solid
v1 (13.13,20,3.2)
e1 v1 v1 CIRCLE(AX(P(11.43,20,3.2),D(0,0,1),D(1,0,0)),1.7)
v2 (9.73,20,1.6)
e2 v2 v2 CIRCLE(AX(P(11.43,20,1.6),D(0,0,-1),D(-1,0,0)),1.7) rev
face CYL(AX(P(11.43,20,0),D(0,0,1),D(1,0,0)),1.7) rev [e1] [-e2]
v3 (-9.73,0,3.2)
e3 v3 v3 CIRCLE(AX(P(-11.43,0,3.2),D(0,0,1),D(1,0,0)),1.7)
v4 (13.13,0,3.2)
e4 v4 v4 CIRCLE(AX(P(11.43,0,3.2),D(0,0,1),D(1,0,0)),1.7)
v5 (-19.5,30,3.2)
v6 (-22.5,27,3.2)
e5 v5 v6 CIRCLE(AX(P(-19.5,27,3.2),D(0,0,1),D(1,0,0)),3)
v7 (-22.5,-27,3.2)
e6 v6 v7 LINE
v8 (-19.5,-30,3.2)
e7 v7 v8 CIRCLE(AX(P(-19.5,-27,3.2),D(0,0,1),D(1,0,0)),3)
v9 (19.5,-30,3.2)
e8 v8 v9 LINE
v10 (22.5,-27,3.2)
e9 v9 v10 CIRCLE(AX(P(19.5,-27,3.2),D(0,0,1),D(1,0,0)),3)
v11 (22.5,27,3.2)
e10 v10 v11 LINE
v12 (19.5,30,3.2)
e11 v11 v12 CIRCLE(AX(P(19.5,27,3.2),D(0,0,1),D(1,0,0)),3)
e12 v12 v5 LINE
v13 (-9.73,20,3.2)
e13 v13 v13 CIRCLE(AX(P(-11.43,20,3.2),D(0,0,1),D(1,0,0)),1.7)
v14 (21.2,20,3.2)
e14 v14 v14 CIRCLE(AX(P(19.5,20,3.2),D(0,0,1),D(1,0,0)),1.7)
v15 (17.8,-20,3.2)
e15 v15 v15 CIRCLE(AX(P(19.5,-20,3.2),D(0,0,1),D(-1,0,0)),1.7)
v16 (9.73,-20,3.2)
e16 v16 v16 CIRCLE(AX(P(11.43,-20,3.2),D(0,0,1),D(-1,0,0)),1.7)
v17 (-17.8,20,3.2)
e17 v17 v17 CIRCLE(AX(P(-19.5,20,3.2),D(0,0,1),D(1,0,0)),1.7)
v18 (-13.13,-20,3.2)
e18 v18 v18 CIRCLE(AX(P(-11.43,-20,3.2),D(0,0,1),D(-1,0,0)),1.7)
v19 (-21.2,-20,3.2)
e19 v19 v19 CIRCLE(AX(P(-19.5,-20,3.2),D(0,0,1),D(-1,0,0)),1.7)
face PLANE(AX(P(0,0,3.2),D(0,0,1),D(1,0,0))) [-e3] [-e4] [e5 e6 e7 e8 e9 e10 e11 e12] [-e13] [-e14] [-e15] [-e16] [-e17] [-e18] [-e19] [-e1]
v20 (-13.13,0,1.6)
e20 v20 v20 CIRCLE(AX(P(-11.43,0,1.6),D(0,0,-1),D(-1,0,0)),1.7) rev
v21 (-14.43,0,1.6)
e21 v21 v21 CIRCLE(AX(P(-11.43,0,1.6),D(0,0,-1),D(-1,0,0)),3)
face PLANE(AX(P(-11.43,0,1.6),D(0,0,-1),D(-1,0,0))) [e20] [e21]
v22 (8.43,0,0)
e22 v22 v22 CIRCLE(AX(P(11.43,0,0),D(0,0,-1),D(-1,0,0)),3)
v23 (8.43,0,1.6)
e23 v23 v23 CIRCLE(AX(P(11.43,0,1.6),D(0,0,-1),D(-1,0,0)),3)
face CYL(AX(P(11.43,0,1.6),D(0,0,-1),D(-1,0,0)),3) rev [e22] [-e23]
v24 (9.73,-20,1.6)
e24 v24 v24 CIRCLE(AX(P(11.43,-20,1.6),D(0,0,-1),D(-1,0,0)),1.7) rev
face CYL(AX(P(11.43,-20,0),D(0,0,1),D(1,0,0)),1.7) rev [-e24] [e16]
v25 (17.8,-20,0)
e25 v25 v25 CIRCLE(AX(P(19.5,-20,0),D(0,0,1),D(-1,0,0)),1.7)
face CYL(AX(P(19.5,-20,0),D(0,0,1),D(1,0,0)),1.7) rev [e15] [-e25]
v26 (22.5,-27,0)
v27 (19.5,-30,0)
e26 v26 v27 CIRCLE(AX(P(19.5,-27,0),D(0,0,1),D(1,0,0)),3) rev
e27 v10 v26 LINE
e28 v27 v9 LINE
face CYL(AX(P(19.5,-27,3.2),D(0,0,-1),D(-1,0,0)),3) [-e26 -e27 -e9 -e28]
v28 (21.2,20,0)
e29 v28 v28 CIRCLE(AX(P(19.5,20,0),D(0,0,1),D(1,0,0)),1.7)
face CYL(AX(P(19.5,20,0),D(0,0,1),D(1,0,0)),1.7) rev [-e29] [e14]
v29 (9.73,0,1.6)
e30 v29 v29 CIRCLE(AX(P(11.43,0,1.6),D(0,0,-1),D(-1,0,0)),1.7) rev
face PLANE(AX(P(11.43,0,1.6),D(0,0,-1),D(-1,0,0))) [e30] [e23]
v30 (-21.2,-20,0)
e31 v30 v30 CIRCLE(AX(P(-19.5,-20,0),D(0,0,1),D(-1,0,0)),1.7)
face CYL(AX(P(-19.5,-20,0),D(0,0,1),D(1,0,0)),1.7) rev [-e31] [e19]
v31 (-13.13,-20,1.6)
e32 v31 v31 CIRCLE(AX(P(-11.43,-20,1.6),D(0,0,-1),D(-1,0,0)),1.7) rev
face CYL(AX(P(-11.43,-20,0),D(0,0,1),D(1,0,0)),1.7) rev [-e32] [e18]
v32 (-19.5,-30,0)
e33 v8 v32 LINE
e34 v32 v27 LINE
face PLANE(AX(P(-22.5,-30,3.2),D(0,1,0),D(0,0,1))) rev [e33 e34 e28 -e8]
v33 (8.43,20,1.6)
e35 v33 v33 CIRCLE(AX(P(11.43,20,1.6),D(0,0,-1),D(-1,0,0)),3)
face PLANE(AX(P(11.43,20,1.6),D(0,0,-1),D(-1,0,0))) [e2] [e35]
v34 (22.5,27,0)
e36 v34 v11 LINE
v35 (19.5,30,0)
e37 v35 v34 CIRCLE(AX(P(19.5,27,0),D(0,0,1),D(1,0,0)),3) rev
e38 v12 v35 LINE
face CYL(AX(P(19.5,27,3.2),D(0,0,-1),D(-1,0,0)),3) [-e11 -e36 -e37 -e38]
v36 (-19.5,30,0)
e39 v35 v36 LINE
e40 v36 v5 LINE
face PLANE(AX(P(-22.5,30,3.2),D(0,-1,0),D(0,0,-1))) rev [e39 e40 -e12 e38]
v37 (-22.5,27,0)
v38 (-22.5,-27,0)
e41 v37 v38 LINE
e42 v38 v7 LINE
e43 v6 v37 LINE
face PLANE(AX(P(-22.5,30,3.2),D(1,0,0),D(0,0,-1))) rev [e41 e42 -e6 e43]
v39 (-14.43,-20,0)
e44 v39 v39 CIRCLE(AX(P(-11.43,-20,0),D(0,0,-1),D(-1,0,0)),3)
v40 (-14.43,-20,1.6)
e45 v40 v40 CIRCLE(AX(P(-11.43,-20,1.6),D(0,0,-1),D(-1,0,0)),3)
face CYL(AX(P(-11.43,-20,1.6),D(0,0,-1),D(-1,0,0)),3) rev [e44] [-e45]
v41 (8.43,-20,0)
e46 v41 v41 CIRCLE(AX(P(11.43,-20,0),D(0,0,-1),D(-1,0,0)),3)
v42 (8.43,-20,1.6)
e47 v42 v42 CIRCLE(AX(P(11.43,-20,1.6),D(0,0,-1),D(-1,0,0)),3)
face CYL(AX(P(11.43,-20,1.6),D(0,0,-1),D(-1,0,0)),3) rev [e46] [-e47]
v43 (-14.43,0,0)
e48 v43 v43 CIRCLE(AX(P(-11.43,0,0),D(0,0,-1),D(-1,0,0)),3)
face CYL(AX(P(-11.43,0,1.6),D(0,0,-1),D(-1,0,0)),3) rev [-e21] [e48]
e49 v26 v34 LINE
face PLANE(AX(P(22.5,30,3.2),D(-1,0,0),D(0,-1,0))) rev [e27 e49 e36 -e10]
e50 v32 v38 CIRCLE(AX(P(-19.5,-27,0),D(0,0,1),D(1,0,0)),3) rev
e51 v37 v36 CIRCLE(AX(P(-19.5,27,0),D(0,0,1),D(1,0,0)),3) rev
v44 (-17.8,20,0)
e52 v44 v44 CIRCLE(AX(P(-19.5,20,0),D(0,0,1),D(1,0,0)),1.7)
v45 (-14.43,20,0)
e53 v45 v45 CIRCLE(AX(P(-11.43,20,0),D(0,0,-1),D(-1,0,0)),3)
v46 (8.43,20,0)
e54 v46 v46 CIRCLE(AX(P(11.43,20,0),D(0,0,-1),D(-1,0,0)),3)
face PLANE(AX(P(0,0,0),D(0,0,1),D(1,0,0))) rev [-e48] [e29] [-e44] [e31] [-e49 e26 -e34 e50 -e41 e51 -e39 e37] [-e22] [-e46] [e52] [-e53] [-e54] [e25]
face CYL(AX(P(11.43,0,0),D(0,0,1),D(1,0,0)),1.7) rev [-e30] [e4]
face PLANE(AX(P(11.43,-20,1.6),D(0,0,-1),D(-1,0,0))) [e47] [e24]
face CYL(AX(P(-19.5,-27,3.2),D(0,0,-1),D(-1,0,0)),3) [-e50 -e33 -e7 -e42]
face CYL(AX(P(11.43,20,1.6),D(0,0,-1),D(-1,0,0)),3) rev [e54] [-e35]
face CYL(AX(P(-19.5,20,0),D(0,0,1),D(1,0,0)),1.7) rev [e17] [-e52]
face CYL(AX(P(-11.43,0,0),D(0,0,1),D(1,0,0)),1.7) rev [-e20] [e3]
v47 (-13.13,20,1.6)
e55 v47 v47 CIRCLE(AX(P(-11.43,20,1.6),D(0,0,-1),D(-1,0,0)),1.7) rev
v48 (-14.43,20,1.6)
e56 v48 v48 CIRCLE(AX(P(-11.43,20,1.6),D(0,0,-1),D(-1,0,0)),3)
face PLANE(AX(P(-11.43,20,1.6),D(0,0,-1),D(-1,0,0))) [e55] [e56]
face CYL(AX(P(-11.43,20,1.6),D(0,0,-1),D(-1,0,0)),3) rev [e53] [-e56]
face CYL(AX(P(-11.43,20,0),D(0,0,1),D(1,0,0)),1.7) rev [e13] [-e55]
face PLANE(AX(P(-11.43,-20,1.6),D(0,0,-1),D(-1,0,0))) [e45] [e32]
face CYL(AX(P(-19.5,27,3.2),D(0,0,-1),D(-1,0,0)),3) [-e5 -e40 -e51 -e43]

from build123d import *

# Parameters (mm, degrees)
SKETCH_1_W          = 45
SKETCH_1_H          = 60
EXTRUDE_1_DEPTH     = 3.2
SKETCH_3_R          = 1.7
CUT_EXTRUDE_2_DEPTH = 38.636285683
SKETCH_2_R          = 1.7
CUT_EXTRUDE_1_DEPTH = 38.636285683
FILLET_1_R          = 3
SKETCH_4_R          = 3
CUT_EXTRUDE_3_DEPTH = 1.6


with BuildPart() as part:
    # 草圖1 → 填料-伸長1 (new body)
    with BuildSketch(Plane.XY):
        Rectangle(SKETCH_1_W, SKETCH_1_H)
    extrude(amount=EXTRUDE_1_DEPTH)

    # 草圖3 → 除料-伸長2 (cut, through all)
    with BuildSketch(Plane.XY.offset(3.2)):
        with Locations((-11.43, 0)):
            Circle(SKETCH_3_R)
        with Locations((11.43, 0)):
            Circle(SKETCH_3_R)
        with Locations((11.43, 20)):
            Circle(SKETCH_3_R)
        with Locations((-11.43, 20)):
            Circle(SKETCH_3_R)
        with Locations(Location((-11.43, -20, 0), (0, 0, 180))):
            Circle(SKETCH_3_R)
        with Locations(Location((11.43, -20, 0), (0, 0, 180))):
            Circle(SKETCH_3_R)
    extrude(amount=-CUT_EXTRUDE_2_DEPTH, mode=Mode.SUBTRACT)

    # 草圖2 → 除料-伸長1 (cut, through all)
    with BuildSketch(Plane.XY.offset(3.2)):
        with Locations((-19.5, 20)):
            Circle(SKETCH_2_R)
        with Locations((19.5, 20)):
            Circle(SKETCH_2_R)
        with Locations(Location((19.5, -20, 0), (0, 0, 180))):
            Circle(SKETCH_2_R)
        with Locations(Location((-19.5, -20, 0), (0, 0, 180))):
            Circle(SKETCH_2_R)
    extrude(amount=-CUT_EXTRUDE_1_DEPTH, mode=Mode.SUBTRACT)

    # 圓角1
    fillet_1_edges = [part.edges().sort_by_distance(p)[0] for p in [
        (-22.5, 30, 1.6),
        (22.5, 30, 1.6),
        (22.5, -30, 1.6),
        (-22.5, -30, 1.6),
    ]]
    fillet(fillet_1_edges, radius=FILLET_1_R)

    # 草圖4 → 除料-伸長3 (cut)
    with BuildSketch(Plane(origin=(0, 0, 0), x_dir=(-1, 0, 0), z_dir=(0, 0, -1))):
        with Locations((-11.43, 20)):
            Circle(SKETCH_4_R)
        with Locations((11.43, 20)):
            Circle(SKETCH_4_R)
        with Locations((-11.43, 0)):
            Circle(SKETCH_4_R)
        with Locations((11.43, 0)):
            Circle(SKETCH_4_R)
        with Locations((-11.43, -20)):
            Circle(SKETCH_4_R)
        with Locations((11.43, -20)):
            Circle(SKETCH_4_R)
    extrude(amount=-CUT_EXTRUDE_3_DEPTH, mode=Mode.SUBTRACT)


solid = part.part
